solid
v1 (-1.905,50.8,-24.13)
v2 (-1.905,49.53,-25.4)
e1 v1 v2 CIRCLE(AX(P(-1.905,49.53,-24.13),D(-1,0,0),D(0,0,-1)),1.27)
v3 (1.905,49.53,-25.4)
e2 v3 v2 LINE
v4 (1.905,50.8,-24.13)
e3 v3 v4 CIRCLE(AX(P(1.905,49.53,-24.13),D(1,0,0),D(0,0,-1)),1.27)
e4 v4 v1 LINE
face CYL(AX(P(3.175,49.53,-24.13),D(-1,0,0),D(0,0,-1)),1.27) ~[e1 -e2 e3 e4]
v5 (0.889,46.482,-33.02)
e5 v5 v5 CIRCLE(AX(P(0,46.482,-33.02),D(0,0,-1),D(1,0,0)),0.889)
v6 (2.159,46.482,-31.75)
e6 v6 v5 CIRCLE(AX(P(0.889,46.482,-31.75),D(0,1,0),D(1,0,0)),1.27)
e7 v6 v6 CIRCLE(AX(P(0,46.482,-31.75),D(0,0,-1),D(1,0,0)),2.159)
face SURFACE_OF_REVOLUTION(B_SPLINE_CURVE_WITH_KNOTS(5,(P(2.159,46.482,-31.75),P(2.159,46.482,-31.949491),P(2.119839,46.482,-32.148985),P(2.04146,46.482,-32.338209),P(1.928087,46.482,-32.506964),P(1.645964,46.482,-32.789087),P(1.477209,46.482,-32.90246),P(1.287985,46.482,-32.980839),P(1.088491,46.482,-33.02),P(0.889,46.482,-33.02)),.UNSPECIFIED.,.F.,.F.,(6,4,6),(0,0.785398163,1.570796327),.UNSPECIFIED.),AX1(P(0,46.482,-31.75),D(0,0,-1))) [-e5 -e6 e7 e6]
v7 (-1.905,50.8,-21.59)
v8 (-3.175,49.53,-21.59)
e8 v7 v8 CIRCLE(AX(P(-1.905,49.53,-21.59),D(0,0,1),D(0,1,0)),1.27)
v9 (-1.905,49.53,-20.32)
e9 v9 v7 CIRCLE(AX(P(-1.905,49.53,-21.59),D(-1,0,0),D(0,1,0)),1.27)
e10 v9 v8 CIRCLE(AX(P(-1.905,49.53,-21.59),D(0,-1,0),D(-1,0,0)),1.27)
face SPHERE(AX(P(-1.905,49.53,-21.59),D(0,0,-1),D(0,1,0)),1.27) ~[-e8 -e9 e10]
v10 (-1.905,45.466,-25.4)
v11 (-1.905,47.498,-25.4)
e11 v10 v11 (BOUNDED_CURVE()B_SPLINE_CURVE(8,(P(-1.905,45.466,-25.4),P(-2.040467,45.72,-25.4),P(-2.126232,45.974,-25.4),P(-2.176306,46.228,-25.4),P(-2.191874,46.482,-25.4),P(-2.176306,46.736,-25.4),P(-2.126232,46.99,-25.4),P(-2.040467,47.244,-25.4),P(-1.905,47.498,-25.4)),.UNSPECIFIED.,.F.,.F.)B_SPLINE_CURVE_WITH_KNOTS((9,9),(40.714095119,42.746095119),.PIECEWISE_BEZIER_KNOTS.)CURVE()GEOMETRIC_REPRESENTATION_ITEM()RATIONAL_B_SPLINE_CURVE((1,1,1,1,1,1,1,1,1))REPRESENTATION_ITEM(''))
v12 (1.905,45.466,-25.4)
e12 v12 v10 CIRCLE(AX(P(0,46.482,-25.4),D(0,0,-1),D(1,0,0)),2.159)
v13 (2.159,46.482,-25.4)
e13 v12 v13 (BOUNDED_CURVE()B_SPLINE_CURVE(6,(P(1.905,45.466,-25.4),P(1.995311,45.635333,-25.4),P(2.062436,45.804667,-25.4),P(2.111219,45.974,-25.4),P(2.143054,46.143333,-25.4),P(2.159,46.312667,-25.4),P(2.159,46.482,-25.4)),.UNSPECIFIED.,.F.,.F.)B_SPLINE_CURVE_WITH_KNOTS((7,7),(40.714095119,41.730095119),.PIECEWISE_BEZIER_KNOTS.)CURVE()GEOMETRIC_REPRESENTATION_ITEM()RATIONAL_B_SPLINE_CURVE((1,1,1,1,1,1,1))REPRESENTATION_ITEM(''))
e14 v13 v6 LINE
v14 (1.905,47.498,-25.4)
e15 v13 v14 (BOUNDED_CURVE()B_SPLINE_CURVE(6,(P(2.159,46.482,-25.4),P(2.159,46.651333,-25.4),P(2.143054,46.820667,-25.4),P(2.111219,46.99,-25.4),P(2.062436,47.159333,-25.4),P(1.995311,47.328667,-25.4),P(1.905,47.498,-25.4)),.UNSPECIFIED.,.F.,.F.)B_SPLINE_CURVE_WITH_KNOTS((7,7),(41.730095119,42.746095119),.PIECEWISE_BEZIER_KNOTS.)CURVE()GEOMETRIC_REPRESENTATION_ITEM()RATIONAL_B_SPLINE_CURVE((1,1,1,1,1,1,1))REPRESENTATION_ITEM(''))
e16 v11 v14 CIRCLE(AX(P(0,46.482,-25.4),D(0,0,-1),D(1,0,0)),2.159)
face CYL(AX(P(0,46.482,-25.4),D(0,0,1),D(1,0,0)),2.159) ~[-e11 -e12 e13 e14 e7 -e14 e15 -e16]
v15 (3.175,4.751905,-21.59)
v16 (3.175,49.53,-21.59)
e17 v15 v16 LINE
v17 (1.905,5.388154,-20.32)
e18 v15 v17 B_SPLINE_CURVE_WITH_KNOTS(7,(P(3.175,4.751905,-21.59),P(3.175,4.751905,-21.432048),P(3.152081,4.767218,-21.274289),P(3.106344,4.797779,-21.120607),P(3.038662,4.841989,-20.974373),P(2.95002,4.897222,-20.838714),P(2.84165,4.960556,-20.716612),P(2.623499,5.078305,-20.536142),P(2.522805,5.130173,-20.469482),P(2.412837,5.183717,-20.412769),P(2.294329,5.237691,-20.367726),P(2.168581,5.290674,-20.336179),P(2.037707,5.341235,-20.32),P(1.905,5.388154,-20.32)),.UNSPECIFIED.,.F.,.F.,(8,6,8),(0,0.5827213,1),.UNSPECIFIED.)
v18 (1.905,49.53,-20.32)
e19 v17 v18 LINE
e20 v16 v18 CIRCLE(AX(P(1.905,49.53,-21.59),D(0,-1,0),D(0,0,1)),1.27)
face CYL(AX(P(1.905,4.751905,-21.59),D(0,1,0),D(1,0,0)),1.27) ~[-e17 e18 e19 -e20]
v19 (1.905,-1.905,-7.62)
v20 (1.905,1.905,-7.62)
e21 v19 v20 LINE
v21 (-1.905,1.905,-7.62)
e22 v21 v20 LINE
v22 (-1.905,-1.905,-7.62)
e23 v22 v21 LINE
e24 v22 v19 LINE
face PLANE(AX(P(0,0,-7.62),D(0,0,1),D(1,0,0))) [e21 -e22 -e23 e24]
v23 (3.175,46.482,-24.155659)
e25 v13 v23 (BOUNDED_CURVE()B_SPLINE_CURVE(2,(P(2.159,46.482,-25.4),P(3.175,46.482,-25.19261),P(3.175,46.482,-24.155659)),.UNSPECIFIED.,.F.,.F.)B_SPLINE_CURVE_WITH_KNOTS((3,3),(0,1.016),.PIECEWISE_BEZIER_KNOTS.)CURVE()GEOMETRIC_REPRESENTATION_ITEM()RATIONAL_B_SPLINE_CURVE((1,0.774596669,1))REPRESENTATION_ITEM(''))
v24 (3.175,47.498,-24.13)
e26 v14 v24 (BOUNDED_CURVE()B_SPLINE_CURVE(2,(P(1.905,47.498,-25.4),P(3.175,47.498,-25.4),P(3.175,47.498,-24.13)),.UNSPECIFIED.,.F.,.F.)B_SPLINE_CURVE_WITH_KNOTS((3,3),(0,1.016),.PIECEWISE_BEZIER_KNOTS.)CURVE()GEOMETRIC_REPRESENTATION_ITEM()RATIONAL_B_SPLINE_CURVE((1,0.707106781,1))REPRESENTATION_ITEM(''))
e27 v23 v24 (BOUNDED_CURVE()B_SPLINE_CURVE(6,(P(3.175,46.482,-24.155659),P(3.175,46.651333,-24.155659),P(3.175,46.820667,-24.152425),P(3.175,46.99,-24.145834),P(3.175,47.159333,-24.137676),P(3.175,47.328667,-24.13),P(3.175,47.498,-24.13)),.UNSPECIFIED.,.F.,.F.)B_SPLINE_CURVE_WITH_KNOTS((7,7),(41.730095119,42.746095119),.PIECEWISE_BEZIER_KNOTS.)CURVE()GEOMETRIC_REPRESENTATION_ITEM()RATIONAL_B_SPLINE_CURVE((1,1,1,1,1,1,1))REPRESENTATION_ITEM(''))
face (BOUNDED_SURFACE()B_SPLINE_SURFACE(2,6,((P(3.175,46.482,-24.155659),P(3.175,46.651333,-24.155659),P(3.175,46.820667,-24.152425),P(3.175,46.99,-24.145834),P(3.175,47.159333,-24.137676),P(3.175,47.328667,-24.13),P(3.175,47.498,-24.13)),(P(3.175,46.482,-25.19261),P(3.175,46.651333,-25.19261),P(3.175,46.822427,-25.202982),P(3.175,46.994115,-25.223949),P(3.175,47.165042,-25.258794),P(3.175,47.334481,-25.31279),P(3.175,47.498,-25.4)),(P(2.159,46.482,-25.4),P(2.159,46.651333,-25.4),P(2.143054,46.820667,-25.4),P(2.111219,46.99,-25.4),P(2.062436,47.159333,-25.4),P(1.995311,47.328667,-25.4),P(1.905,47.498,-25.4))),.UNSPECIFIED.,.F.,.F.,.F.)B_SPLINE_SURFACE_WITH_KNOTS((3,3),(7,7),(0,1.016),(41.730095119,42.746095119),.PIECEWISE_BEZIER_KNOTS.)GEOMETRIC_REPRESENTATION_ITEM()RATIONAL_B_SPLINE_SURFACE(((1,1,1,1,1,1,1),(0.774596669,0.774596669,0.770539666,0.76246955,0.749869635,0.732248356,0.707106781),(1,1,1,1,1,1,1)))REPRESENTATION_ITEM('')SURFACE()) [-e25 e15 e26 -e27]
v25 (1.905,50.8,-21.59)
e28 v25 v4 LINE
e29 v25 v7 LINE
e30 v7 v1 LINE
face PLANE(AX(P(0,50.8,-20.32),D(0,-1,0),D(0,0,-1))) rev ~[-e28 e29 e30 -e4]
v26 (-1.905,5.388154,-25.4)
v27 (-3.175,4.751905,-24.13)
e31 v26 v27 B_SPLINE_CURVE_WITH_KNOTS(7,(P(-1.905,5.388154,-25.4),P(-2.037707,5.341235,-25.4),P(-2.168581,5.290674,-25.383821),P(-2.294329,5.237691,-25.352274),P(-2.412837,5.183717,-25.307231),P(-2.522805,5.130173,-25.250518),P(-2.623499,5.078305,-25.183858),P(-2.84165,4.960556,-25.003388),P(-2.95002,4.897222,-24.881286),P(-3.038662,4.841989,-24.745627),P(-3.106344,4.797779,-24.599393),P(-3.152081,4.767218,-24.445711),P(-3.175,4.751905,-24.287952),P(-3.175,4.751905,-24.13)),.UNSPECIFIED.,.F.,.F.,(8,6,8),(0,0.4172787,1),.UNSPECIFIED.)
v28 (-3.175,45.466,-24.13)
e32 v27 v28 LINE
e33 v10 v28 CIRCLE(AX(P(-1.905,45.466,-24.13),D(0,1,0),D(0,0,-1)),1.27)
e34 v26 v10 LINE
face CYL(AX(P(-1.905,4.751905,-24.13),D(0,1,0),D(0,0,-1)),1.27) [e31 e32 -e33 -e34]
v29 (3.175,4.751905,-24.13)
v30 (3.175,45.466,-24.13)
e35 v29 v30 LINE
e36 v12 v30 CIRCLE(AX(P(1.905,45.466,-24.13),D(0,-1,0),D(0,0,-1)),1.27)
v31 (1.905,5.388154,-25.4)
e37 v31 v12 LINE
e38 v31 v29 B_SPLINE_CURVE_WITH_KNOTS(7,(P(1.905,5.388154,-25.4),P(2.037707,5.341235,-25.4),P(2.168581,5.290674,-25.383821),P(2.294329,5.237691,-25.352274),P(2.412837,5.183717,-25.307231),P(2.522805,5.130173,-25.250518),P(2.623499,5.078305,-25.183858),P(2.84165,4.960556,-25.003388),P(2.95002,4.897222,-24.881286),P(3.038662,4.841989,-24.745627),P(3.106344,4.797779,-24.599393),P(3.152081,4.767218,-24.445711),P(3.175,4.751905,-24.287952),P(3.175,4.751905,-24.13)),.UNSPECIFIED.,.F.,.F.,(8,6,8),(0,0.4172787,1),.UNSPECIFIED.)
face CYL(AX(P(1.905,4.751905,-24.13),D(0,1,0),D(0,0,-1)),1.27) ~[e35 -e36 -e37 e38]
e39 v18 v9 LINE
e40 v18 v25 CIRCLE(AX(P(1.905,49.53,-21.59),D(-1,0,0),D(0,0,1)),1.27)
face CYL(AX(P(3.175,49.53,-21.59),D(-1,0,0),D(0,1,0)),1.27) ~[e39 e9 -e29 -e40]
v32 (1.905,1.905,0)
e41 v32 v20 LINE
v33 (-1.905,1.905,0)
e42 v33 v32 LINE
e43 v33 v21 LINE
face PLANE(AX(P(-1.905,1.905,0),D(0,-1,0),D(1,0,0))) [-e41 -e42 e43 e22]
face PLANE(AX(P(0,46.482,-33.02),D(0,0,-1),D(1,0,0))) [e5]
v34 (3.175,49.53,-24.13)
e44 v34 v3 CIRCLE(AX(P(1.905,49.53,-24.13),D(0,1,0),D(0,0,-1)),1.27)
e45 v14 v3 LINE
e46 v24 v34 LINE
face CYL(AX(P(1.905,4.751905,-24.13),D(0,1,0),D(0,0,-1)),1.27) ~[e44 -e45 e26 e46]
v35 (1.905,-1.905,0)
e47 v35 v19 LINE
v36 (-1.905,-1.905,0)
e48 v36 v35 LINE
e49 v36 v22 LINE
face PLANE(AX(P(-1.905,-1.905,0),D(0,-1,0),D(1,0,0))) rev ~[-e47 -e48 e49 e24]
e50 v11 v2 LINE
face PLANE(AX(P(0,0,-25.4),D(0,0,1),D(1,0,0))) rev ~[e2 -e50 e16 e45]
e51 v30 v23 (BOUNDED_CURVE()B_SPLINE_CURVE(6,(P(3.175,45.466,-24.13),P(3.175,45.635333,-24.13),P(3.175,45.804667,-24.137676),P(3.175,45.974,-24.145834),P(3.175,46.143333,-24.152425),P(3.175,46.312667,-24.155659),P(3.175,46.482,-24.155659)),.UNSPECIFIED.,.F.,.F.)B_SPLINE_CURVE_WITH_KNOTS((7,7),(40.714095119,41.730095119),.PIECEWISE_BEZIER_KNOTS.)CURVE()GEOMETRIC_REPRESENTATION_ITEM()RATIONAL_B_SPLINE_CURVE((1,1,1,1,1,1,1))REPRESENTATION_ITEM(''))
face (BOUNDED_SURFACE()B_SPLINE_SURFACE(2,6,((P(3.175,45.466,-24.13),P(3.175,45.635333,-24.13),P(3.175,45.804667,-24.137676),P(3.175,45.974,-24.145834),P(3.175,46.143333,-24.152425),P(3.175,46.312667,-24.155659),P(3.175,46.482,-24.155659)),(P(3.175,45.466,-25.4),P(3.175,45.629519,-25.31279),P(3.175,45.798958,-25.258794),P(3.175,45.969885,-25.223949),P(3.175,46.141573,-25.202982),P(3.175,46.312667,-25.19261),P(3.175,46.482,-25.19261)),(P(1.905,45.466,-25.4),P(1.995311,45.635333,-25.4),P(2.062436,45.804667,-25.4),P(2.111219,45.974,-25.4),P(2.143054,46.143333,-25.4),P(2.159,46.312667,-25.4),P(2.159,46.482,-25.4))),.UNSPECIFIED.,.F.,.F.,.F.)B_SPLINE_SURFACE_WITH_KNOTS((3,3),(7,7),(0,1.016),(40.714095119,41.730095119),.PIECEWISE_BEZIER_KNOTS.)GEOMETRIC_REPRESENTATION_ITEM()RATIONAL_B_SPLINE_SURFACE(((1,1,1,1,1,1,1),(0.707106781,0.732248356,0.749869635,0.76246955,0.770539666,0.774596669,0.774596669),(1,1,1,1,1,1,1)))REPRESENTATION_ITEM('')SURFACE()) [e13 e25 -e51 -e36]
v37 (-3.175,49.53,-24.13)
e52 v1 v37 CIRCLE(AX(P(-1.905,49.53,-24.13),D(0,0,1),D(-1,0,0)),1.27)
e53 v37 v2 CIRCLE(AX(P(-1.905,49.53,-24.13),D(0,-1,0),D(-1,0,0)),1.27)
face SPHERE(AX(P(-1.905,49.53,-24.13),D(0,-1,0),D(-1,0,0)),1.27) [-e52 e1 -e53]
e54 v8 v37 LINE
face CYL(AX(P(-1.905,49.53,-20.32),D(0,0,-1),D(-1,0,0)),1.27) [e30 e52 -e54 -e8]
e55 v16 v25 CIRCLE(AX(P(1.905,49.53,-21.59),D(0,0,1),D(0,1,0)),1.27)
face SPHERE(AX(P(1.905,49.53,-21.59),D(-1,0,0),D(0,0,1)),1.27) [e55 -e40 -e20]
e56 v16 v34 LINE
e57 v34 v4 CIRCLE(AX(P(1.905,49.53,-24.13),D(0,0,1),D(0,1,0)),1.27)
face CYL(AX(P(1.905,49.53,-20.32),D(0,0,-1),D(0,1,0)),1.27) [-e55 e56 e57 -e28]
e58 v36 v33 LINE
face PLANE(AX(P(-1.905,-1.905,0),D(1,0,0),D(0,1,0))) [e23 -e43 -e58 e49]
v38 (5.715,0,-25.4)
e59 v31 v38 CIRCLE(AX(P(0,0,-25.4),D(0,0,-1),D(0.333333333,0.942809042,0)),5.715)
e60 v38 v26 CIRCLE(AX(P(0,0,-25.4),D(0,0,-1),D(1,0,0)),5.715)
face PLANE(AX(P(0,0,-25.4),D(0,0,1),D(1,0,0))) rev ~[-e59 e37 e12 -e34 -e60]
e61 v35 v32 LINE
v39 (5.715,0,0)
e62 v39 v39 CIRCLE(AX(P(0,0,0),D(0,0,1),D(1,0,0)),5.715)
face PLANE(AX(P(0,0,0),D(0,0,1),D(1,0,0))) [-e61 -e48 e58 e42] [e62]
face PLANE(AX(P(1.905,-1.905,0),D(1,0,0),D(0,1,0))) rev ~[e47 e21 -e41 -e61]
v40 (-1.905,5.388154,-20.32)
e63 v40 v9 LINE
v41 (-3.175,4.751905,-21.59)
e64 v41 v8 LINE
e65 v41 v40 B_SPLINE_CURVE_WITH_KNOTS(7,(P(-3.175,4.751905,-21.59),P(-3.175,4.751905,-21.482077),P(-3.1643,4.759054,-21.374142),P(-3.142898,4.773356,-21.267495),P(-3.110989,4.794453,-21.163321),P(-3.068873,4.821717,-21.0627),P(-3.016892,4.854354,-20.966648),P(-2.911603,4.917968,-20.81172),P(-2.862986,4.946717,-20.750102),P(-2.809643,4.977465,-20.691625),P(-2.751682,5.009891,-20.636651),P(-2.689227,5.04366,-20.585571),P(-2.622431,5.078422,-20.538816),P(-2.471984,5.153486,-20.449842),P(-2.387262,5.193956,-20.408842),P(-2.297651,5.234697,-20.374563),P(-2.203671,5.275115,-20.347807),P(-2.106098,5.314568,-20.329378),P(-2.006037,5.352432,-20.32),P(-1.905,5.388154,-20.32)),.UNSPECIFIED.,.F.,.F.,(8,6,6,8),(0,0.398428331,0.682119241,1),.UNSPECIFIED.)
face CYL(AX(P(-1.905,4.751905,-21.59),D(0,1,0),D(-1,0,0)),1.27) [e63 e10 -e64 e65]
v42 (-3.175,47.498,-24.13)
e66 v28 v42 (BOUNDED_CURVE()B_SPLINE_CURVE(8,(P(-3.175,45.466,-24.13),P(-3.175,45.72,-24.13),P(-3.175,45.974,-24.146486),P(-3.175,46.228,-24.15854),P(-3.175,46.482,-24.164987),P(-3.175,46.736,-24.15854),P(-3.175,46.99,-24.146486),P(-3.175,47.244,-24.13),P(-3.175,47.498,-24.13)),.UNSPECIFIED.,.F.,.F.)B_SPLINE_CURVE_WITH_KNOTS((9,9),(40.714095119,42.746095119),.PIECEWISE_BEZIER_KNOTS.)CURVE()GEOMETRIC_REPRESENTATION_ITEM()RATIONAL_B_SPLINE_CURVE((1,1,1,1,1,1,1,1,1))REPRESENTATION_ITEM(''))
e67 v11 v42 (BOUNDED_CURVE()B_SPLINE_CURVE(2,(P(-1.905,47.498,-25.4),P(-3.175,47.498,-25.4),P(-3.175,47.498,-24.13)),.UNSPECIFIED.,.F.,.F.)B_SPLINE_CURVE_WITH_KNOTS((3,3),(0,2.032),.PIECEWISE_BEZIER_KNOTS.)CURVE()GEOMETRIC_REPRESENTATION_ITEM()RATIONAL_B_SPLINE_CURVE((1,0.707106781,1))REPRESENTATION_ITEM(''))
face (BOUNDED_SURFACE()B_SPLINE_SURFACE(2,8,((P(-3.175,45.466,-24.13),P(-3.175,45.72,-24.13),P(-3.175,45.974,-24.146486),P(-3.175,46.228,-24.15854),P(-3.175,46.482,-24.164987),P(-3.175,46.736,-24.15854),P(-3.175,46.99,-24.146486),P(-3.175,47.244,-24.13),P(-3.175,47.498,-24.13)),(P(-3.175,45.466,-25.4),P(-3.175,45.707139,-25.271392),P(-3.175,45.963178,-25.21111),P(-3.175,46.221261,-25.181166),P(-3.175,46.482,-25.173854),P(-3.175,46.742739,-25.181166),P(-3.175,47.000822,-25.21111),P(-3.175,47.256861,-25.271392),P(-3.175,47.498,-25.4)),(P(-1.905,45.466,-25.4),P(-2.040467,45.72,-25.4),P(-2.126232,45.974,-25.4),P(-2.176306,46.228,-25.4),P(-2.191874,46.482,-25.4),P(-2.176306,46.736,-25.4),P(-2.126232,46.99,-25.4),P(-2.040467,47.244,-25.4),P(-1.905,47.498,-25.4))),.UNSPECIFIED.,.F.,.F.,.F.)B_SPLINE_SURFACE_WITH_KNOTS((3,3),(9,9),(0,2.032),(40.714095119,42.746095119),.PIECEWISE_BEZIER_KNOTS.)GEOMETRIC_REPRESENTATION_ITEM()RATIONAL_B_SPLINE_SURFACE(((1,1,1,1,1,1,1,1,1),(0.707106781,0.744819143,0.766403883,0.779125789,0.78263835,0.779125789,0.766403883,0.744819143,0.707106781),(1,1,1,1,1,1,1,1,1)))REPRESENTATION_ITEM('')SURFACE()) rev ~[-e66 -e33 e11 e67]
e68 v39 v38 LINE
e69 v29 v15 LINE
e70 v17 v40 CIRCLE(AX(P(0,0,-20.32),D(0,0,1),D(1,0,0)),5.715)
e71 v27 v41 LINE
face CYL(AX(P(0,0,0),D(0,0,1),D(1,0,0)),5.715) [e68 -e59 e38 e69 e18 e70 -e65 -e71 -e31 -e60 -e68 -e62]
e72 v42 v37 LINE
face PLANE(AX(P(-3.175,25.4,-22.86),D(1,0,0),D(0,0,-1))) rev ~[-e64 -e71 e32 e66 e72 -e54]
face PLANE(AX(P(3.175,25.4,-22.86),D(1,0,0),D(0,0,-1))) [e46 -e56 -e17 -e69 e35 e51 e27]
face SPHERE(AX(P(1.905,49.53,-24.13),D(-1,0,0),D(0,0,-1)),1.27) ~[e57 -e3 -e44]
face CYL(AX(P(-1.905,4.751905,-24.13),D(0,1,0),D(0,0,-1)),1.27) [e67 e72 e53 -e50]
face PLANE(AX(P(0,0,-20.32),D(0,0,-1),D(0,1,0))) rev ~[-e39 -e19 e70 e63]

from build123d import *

# Parameters (mm, degrees)
SKETCH1_R           = 5.715
BOSS_EXTRUDE1_DEPTH = 25.4
SKETCH2_W           = 5.08
SKETCH2_H           = 50.8
BOSS_EXTRUDE2_DEPTH = 3.175
SKETCH3_R           = 2.159
BOSS_EXTRUDE3_DEPTH = 7.62
FILLET1_R           = 1.27
SKETCH4_W           = 3.81
SKETCH4_H           = 3.81
CUT_EXTRUDE1_DEPTH  = 7.62


with BuildPart() as part:
    # Sketch1 → Boss-Extrude1 (new body)
    with BuildSketch(Plane.XY):
        Circle(SKETCH1_R)
    extrude(amount=-BOSS_EXTRUDE1_DEPTH)

    # Sketch2 → Boss-Extrude2 (add, symmetric)
    with BuildSketch(Plane(origin=(0, 0, 0), x_dir=(0, 0, -1), z_dir=(1, 0, 0))):
        with Locations((22.86, 25.4)):
            Rectangle(SKETCH2_W, SKETCH2_H)
    extrude(amount=BOSS_EXTRUDE2_DEPTH, both=True)

    # Sketch3 → Boss-Extrude3 (add)
    with BuildSketch(Plane(origin=(0, 0, -25.4), x_dir=(-1, 0, 0), z_dir=(0, 0, -1))):
        with Locations(Location((0, 46.482, 0), (0, 0, 180))):
            Circle(SKETCH3_R)
    extrude(amount=BOSS_EXTRUDE3_DEPTH)

    # Fillet1
    fillet1_edges = [part.edges().sort_by_distance(p)[0] for p in [
        (-3.175, 27.775952441, -25.4),
        (-3.175, 50.8, -22.86),
        (0, 50.8, -25.4),
        (0, 50.8, -20.32),
        (-3.175, 27.775952441, -20.32),
        (3.175, 27.775952441, -20.32),
        (3.175, 27.775952441, -25.4),
        (3.175, 50.8, -22.86),
        (-2.159, 46.482, -33.02),
    ]]
    fillet(fillet1_edges, radius=FILLET1_R)

    # Sketch4 → Cut-Extrude1 (cut)
    with BuildSketch(Plane.XY):
        Rectangle(SKETCH4_W, SKETCH4_H)
    extrude(amount=-CUT_EXTRUDE1_DEPTH, mode=Mode.SUBTRACT)


solid = part.part
